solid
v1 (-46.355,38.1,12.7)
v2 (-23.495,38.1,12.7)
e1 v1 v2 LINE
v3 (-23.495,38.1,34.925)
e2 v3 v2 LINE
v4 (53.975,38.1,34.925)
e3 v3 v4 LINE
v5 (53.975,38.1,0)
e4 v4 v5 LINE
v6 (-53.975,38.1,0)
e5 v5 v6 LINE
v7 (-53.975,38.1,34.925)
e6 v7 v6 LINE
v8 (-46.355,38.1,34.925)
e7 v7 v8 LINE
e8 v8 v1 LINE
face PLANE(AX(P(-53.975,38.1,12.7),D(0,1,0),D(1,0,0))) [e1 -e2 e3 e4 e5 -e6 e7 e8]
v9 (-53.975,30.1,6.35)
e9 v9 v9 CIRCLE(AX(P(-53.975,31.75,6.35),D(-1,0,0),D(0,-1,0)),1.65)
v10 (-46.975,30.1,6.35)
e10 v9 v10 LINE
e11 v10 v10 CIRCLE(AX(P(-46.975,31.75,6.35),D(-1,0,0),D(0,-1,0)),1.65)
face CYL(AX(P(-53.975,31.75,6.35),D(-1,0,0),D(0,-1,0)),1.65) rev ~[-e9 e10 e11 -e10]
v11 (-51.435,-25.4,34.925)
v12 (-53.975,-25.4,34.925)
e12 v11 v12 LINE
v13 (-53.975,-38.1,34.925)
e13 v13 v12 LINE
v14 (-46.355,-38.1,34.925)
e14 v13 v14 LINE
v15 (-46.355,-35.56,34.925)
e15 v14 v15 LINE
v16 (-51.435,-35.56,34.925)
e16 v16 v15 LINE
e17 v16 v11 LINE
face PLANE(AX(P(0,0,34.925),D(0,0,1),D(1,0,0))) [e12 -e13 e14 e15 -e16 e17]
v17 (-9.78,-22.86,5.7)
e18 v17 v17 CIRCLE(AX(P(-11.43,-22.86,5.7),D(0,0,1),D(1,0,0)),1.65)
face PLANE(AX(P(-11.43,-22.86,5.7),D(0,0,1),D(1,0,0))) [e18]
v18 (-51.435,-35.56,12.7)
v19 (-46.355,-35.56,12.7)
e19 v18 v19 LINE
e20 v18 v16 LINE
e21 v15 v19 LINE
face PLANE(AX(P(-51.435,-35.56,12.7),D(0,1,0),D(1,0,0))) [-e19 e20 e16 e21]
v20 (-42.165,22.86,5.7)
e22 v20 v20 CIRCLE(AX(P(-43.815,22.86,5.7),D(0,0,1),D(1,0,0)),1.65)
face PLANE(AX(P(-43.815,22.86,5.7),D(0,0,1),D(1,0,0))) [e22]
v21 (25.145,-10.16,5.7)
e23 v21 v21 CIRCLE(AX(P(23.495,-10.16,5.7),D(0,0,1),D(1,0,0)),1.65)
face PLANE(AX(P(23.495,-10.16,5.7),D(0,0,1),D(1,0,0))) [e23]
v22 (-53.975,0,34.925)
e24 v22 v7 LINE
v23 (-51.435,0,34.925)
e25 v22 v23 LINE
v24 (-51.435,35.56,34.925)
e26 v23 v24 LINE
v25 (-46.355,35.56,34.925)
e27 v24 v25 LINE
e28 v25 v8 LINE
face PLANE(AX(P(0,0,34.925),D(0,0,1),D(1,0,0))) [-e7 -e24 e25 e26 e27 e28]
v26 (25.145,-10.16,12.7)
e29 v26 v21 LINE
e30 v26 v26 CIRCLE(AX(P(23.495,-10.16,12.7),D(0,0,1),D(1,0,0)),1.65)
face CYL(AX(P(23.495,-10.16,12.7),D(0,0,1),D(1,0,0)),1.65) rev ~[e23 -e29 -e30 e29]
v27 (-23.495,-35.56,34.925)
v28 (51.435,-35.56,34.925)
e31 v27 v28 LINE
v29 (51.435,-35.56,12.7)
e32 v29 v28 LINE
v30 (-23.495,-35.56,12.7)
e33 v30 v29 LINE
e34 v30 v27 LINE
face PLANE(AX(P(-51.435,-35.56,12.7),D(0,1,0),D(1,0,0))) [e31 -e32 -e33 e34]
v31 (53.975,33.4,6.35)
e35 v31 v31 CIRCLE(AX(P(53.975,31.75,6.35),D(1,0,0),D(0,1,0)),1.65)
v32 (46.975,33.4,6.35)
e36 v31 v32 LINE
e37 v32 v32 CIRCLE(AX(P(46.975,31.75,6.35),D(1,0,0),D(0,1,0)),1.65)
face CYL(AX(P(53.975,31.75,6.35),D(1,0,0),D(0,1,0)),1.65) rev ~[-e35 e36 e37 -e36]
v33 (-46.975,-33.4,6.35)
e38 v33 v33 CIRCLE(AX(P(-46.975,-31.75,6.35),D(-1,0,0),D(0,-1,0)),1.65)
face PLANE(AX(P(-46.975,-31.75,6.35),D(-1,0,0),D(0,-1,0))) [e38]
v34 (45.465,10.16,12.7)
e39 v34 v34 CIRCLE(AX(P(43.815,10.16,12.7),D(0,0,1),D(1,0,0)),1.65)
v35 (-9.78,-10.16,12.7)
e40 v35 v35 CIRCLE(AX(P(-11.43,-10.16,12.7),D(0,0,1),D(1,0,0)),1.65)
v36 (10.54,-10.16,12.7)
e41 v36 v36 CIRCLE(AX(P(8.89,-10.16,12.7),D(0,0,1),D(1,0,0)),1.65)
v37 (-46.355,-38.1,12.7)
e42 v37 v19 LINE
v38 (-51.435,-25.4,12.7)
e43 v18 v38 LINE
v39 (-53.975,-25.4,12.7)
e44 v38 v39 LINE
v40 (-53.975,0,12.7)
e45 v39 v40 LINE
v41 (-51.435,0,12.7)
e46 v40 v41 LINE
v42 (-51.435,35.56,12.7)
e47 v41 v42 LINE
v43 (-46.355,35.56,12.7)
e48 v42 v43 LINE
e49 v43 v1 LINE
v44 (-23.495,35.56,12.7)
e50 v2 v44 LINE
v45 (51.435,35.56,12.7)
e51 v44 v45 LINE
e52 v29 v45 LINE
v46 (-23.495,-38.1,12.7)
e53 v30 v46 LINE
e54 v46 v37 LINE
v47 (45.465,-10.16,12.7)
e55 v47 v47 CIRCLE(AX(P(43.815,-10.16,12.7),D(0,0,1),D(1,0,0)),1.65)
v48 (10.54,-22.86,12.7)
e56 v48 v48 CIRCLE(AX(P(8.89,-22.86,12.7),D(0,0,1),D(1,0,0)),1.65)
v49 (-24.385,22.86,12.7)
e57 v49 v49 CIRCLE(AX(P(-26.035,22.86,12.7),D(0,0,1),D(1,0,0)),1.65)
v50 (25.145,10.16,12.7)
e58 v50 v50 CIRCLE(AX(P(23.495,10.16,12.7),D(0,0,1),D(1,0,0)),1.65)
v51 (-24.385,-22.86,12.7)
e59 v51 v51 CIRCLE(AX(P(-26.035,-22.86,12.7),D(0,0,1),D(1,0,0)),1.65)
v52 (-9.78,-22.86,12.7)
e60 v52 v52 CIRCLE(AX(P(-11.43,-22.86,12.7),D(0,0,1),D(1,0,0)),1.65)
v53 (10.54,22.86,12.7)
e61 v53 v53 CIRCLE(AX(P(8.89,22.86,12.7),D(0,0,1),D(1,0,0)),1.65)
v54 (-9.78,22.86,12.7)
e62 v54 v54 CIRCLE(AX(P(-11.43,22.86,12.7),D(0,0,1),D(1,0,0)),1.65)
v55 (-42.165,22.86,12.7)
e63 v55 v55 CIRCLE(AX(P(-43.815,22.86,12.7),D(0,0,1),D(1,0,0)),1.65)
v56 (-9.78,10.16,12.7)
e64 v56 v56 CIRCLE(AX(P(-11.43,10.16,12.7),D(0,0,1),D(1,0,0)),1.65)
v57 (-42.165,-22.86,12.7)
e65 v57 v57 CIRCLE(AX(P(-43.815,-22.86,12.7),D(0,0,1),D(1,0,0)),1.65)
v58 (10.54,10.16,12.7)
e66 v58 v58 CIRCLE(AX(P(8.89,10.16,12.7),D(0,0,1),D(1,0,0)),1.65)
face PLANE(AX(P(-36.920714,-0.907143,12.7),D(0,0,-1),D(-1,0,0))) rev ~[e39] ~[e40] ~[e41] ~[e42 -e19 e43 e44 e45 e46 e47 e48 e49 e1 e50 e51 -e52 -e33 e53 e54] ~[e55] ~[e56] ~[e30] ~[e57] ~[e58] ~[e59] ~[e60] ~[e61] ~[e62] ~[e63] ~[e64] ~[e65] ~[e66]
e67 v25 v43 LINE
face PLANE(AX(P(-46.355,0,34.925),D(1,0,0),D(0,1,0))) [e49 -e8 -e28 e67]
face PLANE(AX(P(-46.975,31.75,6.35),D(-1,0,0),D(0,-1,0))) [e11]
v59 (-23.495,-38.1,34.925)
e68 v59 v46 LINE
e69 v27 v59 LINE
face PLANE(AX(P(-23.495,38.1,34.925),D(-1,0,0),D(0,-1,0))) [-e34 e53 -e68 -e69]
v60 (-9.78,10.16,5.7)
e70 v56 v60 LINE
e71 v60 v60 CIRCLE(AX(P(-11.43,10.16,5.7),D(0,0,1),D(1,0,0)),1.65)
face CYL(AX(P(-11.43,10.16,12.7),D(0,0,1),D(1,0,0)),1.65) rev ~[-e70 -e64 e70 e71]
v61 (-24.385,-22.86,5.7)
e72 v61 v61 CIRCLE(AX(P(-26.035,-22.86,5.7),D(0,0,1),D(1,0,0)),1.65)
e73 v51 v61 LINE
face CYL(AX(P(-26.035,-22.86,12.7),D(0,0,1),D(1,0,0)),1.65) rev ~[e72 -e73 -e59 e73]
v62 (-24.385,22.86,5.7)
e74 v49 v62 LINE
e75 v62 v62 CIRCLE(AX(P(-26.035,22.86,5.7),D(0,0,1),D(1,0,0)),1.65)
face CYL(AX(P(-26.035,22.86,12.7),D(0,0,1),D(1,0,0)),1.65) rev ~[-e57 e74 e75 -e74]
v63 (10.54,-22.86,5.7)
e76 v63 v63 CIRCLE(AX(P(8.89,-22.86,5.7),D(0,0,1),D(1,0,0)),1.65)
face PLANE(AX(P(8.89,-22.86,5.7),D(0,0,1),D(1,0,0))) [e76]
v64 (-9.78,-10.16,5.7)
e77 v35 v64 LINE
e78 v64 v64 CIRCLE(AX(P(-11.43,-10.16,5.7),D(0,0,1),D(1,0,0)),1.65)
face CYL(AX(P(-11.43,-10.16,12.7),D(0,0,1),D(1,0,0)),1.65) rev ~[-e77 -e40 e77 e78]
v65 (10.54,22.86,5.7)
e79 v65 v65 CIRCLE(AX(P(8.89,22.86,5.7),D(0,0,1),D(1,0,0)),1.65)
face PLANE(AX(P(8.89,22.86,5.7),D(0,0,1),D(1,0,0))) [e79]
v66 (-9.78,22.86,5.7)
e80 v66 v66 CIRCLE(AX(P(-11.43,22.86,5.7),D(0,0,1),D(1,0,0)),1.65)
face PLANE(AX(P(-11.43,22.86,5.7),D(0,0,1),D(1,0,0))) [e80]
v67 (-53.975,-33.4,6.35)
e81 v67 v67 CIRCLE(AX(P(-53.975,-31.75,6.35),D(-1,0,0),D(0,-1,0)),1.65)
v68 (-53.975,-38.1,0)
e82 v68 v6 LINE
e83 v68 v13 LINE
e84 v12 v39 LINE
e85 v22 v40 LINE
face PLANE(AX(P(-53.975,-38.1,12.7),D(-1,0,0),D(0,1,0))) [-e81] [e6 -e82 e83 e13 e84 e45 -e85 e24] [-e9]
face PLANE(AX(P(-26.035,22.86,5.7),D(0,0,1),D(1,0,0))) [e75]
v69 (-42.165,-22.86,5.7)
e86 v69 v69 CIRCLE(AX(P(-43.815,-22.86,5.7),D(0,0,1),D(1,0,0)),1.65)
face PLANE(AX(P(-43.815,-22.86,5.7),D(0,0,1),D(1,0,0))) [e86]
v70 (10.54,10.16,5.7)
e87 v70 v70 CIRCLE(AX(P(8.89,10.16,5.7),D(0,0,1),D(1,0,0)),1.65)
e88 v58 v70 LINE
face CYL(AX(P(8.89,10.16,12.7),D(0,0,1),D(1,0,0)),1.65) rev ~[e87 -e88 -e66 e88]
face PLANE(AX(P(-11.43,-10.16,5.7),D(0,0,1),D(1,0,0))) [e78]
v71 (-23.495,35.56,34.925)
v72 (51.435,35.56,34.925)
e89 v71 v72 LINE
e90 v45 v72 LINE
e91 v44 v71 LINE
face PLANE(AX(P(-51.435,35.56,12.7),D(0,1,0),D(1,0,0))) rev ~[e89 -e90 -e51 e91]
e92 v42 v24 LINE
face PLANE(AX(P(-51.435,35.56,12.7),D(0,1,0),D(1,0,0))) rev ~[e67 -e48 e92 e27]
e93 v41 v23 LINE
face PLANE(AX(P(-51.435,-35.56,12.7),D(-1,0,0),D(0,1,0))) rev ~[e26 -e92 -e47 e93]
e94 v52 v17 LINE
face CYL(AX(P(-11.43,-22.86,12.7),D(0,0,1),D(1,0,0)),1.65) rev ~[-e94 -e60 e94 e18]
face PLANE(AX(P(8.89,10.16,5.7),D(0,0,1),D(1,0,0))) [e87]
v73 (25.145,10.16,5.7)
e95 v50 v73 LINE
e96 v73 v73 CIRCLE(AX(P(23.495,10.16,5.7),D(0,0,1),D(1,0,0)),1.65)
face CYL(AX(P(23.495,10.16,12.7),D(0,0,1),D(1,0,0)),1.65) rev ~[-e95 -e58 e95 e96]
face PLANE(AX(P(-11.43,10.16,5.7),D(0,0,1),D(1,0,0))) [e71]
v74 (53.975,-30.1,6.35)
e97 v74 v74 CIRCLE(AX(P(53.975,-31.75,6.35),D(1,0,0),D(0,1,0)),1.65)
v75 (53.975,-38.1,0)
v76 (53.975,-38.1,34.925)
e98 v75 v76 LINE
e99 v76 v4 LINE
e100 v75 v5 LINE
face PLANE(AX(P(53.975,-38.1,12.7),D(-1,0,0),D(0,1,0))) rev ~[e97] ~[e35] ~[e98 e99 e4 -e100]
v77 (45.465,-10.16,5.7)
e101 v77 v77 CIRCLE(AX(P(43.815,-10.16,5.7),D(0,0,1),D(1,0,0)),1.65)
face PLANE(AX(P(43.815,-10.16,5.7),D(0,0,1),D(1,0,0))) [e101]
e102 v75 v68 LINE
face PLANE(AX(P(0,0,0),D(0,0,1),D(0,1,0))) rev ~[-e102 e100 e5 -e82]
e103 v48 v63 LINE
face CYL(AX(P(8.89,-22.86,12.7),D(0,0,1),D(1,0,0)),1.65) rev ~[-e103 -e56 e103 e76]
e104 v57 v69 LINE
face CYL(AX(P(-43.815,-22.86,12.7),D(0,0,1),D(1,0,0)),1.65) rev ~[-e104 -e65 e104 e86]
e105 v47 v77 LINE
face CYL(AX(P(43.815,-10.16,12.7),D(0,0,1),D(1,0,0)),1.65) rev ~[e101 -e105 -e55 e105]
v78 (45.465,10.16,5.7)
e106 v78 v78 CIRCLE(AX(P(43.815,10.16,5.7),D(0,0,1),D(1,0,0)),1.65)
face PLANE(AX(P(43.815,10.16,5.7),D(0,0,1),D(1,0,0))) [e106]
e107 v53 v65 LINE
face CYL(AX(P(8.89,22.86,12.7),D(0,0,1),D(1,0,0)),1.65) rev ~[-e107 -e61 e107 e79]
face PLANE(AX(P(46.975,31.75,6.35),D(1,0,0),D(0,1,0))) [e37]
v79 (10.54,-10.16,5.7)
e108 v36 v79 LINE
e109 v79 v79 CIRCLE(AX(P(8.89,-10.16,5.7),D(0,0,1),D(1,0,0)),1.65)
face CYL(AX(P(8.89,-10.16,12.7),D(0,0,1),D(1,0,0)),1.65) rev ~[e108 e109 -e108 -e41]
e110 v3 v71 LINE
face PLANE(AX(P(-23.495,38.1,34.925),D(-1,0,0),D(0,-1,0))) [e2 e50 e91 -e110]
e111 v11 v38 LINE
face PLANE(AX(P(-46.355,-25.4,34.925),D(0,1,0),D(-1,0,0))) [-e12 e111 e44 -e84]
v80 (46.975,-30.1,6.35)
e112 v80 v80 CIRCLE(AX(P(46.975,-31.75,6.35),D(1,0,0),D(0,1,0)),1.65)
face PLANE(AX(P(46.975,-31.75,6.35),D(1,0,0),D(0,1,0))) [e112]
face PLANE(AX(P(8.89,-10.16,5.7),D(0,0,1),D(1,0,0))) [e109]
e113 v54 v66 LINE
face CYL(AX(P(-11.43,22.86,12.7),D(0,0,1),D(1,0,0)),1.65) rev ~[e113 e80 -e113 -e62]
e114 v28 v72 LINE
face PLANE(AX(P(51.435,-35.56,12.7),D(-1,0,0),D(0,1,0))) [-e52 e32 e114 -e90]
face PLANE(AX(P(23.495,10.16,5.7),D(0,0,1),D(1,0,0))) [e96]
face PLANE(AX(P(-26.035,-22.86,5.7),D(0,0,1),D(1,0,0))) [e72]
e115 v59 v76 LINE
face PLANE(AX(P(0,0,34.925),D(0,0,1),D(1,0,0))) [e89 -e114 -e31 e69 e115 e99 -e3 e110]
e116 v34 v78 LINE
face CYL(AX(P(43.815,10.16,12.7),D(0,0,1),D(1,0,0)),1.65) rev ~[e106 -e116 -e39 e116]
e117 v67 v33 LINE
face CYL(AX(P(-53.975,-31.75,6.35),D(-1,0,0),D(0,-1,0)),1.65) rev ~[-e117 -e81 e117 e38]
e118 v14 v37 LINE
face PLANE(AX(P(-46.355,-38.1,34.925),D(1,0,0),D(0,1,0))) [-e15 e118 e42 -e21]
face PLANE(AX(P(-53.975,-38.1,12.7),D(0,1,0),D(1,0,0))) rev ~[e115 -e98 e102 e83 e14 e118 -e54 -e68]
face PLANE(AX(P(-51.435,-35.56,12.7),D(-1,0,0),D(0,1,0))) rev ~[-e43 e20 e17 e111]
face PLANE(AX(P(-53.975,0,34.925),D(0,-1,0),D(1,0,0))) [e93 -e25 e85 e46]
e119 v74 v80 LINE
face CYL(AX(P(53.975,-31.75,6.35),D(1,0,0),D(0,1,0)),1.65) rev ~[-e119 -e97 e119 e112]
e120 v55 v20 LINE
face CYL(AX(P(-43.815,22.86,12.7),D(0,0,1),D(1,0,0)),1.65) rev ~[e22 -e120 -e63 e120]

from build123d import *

# Parameters (mm, degrees)
SKETCH1_W          = 76.2
SKETCH1_H          = 107.95
BASE_DEPTH         = 12.7
SKETCH3_W          = 107.95
SKETCH3_H          = 76.2
SKETCH3_W_2        = 102.87
SKETCH3_H_2        = 71.12
WALLS_DEPTH        = 22.225
CUT_EXTRUDE1_DEPTH = 22.225
SKETCH2_R          = 1.650000002
CUT_EXTRUDE2_DEPTH = 6.99999997
SKETCH6_R          = 1.650000002
CUT_EXTRUDE3_DEPTH = 6.99999997
SKETCH7_R          = 1.650000002
CUT_EXTRUDE4_DEPTH = 6.99999997


with BuildPart() as part:
    # Sketch1 → BASE (new body)
    with BuildSketch(Plane(origin=(0, 0, 0), x_dir=(0, 1, 0), z_dir=(0, 0, 1))):
        Rectangle(SKETCH1_W, SKETCH1_H)
    extrude(amount=BASE_DEPTH)

    # Sketch3 → WALLS (add)
    with BuildSketch(Plane.XY.offset(12.7)):
        Rectangle(SKETCH3_W, SKETCH3_H)
        Rectangle(SKETCH3_W_2, SKETCH3_H_2, mode=Mode.SUBTRACT)
    extrude(amount=WALLS_DEPTH)

    # Sketch4 → Cut-Extrude1 (cut)
    with BuildSketch(Plane.XY.offset(34.925)):
        Polygon((-46.355, 38.1), (-23.495, 38.1), (-23.495, -38.1), (-46.355, -38.1), (-46.355, -25.4), (-53.975, -25.4), (-53.975, 0), (-46.355, 0), align=None)
    extrude(amount=-CUT_EXTRUDE1_DEPTH, mode=Mode.SUBTRACT)

    # Sketch2 → Cut-Extrude2 (cut)
    with BuildSketch(Plane.XY.offset(12.7)):
        with Locations((-43.815, 22.86)):
            Circle(SKETCH2_R)
        with Locations((-26.035, 22.86)):
            Circle(SKETCH2_R)
        with Locations((-43.815, -22.86)):
            Circle(SKETCH2_R)
        with Locations((-26.035, -22.86)):
            Circle(SKETCH2_R)
        with Locations((-11.43, -22.86)):
            Circle(SKETCH2_R)
        with Locations((-11.43, -10.16)):
            Circle(SKETCH2_R)
        with Locations((8.89, -10.16)):
            Circle(SKETCH2_R)
        with Locations((8.89, -22.86)):
            Circle(SKETCH2_R)
        with Locations((23.495, -10.16)):
            Circle(SKETCH2_R)
        with Locations((43.815, -10.16)):
            Circle(SKETCH2_R)
        with Locations((43.815, 10.16)):
            Circle(SKETCH2_R)
        with Locations((23.495, 10.16)):
            Circle(SKETCH2_R)
        with Locations((-11.43, 10.16)):
            Circle(SKETCH2_R)
        with Locations((8.89, 22.86)):
            Circle(SKETCH2_R)
        with Locations((-11.43, 22.86)):
            Circle(SKETCH2_R)
        with Locations((8.89, 10.16)):
            Circle(SKETCH2_R)
    extrude(amount=-CUT_EXTRUDE2_DEPTH, mode=Mode.SUBTRACT)

    # Sketch6 → Cut-Extrude3 (cut)
    with BuildSketch(Plane(origin=(-53.975, 0, 0), x_dir=(0, -1, 0), z_dir=(-1, 0, 0))):
        with Locations((-31.75, 6.35)):
            Circle(SKETCH6_R)
        with Locations((31.75, 6.35)):
            Circle(SKETCH6_R)
    extrude(amount=-CUT_EXTRUDE3_DEPTH, mode=Mode.SUBTRACT)

    # Sketch7 → Cut-Extrude4 (cut)
    with BuildSketch(Plane.YZ.offset(53.975)):
        with Locations((-31.75, 6.35)):
            Circle(SKETCH7_R)
        with Locations((31.75, 6.35)):
            Circle(SKETCH7_R)
    extrude(amount=-CUT_EXTRUDE4_DEPTH, mode=Mode.SUBTRACT)


solid = part.part
